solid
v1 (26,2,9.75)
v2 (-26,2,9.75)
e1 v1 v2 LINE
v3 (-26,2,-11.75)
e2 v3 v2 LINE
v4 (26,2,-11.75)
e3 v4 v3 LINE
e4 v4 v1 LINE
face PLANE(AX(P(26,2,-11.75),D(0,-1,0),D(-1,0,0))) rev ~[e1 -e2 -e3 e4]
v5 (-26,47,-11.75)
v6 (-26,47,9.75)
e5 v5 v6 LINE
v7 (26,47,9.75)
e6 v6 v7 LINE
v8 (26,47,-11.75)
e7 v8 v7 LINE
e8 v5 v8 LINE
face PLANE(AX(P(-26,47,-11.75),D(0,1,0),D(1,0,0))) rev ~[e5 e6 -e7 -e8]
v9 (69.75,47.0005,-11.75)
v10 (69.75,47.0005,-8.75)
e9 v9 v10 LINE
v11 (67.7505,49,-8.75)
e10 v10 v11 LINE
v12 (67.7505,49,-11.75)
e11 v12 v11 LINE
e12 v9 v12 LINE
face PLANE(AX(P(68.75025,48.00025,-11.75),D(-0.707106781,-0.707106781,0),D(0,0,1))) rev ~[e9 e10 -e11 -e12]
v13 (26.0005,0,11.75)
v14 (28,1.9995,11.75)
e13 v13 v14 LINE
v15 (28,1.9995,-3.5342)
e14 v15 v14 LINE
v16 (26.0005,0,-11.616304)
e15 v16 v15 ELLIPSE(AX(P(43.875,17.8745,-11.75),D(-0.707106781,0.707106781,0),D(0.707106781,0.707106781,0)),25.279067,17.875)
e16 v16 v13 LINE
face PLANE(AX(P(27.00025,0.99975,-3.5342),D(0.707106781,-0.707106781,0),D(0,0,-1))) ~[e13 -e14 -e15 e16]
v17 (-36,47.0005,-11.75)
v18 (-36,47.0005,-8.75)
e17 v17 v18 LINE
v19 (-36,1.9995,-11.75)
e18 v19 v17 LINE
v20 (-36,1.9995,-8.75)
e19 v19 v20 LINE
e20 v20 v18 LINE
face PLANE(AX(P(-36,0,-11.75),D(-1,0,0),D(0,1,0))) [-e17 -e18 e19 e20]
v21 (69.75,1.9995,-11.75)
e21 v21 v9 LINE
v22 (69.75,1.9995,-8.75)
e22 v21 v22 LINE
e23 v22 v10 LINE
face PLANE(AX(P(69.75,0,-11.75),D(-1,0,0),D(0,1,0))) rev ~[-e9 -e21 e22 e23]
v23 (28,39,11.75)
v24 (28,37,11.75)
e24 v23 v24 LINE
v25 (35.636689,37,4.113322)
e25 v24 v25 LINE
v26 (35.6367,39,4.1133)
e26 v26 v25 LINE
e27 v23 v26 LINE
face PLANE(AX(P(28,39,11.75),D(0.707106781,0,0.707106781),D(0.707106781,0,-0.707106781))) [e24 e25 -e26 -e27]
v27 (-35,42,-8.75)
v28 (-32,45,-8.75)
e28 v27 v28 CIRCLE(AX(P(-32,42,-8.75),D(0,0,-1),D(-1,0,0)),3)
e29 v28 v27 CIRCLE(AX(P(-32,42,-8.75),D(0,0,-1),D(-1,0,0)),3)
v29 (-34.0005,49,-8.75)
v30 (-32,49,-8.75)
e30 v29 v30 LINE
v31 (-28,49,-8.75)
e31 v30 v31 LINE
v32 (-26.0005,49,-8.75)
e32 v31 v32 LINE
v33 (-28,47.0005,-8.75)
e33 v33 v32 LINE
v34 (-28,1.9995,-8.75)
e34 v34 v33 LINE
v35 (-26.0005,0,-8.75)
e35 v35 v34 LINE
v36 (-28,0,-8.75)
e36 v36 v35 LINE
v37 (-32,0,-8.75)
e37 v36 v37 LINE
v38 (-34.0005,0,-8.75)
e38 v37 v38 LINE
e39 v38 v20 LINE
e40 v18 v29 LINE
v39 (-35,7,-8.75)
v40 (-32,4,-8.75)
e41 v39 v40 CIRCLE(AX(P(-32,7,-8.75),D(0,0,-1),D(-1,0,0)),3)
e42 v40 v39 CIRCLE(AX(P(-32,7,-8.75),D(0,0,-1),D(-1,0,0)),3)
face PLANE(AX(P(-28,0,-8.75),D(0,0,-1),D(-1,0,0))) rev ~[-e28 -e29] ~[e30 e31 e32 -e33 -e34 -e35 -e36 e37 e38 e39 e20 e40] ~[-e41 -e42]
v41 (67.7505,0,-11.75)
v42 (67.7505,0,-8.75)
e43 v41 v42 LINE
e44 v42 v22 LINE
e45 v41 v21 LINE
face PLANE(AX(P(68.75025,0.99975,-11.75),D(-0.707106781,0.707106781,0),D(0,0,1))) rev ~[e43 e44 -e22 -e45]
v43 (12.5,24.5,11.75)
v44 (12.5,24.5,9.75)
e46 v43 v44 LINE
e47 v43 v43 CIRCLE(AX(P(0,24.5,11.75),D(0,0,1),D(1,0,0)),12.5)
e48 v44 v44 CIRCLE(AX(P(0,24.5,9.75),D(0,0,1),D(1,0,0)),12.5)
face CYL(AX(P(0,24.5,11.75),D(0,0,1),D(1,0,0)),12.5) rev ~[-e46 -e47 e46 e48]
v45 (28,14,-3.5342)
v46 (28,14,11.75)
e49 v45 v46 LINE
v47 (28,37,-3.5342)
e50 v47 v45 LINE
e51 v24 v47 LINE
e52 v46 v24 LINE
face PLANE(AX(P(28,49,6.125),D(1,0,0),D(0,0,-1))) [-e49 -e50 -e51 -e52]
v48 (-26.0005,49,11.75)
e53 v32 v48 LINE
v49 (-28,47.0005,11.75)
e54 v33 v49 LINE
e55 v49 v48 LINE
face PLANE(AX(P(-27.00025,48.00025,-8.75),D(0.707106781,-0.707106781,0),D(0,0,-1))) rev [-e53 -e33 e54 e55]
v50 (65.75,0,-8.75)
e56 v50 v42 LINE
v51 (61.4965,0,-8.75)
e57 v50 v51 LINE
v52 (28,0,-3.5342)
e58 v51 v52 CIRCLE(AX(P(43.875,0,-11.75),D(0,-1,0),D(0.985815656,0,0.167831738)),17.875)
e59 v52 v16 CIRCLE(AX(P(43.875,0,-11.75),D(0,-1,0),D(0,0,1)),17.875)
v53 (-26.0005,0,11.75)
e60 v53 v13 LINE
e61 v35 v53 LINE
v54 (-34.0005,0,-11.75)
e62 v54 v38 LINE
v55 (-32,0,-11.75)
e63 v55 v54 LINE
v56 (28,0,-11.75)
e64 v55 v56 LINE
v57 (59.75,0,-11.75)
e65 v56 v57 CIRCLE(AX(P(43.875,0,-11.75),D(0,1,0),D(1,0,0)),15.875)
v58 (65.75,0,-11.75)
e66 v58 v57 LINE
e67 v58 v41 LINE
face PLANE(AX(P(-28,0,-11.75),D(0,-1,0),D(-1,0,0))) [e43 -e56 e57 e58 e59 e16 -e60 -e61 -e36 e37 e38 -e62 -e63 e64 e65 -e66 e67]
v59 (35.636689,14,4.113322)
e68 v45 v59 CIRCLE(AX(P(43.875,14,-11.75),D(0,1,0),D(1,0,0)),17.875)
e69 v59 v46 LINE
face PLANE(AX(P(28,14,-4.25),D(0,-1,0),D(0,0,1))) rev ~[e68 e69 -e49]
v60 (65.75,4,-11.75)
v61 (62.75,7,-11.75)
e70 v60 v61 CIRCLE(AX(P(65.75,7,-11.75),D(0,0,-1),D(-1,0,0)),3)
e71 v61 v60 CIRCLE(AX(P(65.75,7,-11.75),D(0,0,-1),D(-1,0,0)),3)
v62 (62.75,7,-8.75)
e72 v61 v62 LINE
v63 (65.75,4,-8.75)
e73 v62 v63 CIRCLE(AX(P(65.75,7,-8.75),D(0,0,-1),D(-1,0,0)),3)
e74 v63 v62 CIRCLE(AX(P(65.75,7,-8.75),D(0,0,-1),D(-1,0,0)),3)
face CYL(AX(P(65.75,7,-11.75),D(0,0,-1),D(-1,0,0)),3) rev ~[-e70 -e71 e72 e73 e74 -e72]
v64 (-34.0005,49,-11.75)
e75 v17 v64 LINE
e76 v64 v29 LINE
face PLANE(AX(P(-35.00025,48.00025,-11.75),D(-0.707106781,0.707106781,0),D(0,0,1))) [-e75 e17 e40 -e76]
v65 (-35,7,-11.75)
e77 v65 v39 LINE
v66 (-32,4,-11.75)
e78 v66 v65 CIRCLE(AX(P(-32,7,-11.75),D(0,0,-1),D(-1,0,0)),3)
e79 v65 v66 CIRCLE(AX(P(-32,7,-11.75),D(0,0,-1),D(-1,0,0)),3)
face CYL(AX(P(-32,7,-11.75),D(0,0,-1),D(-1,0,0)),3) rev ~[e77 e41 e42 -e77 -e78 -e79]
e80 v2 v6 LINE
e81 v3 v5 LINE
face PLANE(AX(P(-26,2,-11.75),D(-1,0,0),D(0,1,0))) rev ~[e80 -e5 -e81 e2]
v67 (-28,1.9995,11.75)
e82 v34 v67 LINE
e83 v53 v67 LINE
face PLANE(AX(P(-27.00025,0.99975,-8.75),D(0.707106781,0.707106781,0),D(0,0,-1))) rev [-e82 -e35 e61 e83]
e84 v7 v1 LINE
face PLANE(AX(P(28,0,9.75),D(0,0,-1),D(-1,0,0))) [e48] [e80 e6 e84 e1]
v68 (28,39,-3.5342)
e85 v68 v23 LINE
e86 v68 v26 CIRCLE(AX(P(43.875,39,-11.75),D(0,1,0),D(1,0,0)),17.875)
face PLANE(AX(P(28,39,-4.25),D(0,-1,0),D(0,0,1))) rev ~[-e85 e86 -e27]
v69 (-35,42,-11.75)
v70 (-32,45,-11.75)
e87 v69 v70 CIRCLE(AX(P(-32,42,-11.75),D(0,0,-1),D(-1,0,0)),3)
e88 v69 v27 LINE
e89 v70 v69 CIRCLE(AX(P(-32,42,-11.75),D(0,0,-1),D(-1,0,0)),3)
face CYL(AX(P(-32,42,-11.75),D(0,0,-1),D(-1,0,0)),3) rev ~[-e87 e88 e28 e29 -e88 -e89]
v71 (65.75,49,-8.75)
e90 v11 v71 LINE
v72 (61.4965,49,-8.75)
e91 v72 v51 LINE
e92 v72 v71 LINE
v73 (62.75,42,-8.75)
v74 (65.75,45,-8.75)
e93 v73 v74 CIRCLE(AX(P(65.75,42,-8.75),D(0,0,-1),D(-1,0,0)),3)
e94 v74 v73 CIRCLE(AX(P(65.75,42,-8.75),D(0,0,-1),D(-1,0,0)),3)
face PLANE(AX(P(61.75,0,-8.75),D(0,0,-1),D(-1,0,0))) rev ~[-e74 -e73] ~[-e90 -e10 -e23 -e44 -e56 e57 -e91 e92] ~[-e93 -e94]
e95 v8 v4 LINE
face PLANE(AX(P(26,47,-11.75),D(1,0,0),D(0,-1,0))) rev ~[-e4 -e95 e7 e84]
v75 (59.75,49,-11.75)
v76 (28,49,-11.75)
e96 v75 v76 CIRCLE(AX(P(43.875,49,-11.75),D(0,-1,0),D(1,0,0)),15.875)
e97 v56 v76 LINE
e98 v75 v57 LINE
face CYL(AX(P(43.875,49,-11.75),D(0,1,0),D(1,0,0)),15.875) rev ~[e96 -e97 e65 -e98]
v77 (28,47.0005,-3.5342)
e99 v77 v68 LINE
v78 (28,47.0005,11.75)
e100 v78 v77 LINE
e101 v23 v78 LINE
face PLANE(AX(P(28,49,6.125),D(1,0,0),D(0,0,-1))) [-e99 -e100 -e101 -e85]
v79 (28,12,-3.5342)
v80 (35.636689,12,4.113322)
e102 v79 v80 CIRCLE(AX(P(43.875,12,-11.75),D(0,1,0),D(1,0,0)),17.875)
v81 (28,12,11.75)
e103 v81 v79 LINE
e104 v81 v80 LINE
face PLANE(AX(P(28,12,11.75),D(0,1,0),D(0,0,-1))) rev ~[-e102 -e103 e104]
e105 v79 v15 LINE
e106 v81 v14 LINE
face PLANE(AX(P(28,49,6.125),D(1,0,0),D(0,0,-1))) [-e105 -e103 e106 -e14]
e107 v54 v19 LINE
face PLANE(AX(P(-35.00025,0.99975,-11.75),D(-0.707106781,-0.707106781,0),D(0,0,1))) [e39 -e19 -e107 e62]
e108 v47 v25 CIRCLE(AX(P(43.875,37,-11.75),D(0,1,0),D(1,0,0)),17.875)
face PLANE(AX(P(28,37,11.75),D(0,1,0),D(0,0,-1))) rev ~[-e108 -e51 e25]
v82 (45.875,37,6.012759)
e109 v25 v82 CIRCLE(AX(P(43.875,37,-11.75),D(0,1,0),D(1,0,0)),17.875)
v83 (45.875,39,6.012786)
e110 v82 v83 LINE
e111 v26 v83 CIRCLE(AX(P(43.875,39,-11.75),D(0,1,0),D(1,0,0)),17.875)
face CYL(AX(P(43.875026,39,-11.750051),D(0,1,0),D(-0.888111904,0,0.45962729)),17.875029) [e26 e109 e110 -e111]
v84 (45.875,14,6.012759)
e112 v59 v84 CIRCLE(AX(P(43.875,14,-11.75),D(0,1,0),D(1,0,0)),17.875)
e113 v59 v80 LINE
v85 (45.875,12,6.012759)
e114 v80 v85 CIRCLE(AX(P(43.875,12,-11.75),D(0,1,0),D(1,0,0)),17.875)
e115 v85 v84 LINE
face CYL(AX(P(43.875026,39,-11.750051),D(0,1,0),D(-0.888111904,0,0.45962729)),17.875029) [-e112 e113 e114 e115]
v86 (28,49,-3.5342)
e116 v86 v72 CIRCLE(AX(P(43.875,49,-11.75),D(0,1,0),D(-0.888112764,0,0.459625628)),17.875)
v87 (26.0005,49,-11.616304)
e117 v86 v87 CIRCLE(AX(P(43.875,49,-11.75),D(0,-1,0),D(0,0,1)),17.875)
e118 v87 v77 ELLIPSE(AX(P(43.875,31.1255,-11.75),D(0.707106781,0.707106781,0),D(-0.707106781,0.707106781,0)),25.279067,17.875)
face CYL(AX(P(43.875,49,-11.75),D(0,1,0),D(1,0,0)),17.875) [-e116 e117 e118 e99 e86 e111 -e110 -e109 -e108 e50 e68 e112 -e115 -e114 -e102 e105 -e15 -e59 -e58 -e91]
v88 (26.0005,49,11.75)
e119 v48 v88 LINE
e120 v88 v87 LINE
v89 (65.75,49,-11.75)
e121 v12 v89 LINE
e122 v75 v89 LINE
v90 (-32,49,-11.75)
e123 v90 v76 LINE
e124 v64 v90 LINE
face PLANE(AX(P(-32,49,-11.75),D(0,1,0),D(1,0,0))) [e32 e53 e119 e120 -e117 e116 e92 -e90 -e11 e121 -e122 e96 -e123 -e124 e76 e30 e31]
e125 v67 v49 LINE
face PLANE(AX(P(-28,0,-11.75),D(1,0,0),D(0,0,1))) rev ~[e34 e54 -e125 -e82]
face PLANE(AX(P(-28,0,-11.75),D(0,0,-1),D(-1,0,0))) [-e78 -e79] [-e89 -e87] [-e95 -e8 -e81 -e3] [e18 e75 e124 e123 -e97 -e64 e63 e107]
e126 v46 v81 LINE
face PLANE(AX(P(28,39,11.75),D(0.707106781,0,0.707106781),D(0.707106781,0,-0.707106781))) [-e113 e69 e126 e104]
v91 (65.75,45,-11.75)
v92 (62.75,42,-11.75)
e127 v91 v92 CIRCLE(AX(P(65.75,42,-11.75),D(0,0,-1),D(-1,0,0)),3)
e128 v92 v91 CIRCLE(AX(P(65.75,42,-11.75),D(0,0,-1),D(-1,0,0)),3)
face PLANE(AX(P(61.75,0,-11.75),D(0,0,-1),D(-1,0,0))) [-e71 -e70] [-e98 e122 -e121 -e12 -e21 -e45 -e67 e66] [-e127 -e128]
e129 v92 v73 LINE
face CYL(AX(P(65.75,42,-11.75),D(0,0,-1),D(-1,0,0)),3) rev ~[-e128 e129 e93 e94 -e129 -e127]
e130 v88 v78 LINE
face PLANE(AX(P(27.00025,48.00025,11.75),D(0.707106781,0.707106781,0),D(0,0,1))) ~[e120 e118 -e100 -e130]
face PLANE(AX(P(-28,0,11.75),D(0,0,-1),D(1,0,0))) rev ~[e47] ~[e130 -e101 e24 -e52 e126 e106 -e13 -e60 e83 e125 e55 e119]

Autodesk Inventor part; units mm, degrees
ref_plane "YZ Plane" through (0, 0, 0) normal (1, 0, 0) x (0, 1, 0)
ref_plane "XZ Plane" through (0, 0, 0) normal (0, 1, 0) x (-1, 0, 0)
ref_plane "XY Plane" through (0, 0, 0) normal (0, 0, 1) x (1, 0, 0)
sketch "Esboço1" plane through (0, 0, 0) normal (0, 1, 0) x (-1, 0, 0)
  line L0 (-28, -11.75) -> (28, -11.75)
  line L1 (28, -11.75) -> (28, 11.75)
  line L2 (28, 11.75) -> (-28, 11.75)
  line L3 (-28, 11.75) -> (-28, -11.75)
  line L4 (-28, -11.75) -> (28, 11.75) construction
  line L5 (28, -11.75) -> (-28, 11.75) construction
  point P0 (0, 0)
  dimension "d0" = 56
  dimension "d1" = 23.5
extrude "Extrusão1" add sketch "Esboço1" along normal blind 49
sketch "Esboço2" plane through (28, 0, -11.75) normal (0, 0, -1) x (-1, 0, 0)
  line L0 (0, 49) -> (56, 49) projected
  line L1 (0, 49) -> (-33.75, 49)
  line L2 (-33.75, 49) -> (-33.75, 0)
  line L3 (0, 0) -> (56, 0) projected
  line L4 (-33.75, 0) -> (0, 0)
  line L5 (0, 0) -> (0, 49)
  point P0 (28, 0)
  dimension "d4" = 33.75
extrude "Extrusão2" add sketch "Esboço2" against normal blind 17.875
sketch "Esboço3" plane through (0, 49, 0) normal (0, 1, 0) x (1, 0, 0)
  line L0 (-28, 11.75) -> (61.75, 11.75) projected
  line L1 (61.75, 11.75) -> (59.75, 11.75)
  line L2 (59.75, 11.75) -> (43.875, 11.75)
  circle A0 centre (43.875, 11.75) radius 15.875
  point P0 (0, 0)
  dimension "d7" = 2
  dimension "d8" = 15.875
extrude "Extrusão3" cut sketch "Esboço3" against normal blind 49
sketch "Esboço4" plane through (61.75, 0, -11.75) normal (0, 0, -1) x (-1, 0, 0)
  line L0 (0, 49) -> (33.75, 49) projected
  line L1 (33.75, 0) -> (0, 0) projected
  line L2 (0, 49) -> (0, 0)
  line L3 (0, 0) -> (-8, 0)
  line L4 (-8, 0) -> (-8, 49)
  line L5 (-8, 49) -> (0, 49)
  line L6 (-4, 0) -> (-4, 7)
  line L7 (-4, 49) -> (-4, 42)
  circle A0 centre (-4, 42) radius 3
  circle A1 centre (-4, 7) radius 3
  point P0 (61.75, 0)
  dimension "d11" = 8
  dimension "d12" = 7
  dimension "d13" = 7
  dimension "d14" = 6
  dimension "d15" = 6
extrude "Extrusão4" add sketch "Esboço4" against normal blind 3
sketch "Esboço5" plane through (0, 49, 0) normal (0, 1, 0) x (1, 0, 0)
  arc A0 (28, 11.75) -> (59.75, 11.75) centre (43.875, 11.75) ccw projected
  circle A1 centre (43.875, 11.75) radius 17.875
  line L0 (61.75, -6.125) -> (28, -6.125) projected
  line L1 (69.75, 8.75) -> (61.75, 8.75) projected
  line L2 (61.75, 8.75) -> (61.4965, 8.75)
  line L3 (61.75, 8.75) -> (61.75, -6.125)
  line L4 (43.875, -6.125) -> (61.75, -6.125)
  line L5 (28, -11.75) -> (28, -6.125) projected
  line L6 (43.875, -6.125) -> (28, -6.125)
  line L7 (28, -6.125) -> (28, 3.5342)
  point P0 (0, 0)
extrude "Extrusão5" cut sketch "Esboço5" against normal blind 49 contours A1 L0 L7 | L2 L3 L0 A1
sketch "Esboço6" plane through (-28, 0, -11.75) normal (0, 0, -1) x (-1, 0, 0)
  line L0 (0, 0) -> (0, 49) projected
  line L1 (0, 49) -> (0, 0)
  line L2 (0, 0) -> (8, 0)
  line L3 (8, 0) -> (8, 49)
  line L4 (8, 49) -> (0, 49)
  line L5 (4, 49) -> (4, 42)
  line L6 (4, 0) -> (4, 7)
  circle A0 centre (4, 7) radius 3
  circle A1 centre (4, 42) radius 3
  point P0 (-28, 0)
  dimension "d20" = 8
  dimension "d21" = 7
  dimension "d22" = 7
  dimension "d23" = 6
  dimension "d24" = 6
extrude "Extrusão6" add sketch "Esboço6" against normal blind 3
sketch "Esboço8" plane through (28, 0, -11.75) normal (0, 0, -1) x (-1, 0, 0)
  line L0 (0, 49) -> (0, 0) projected
  line L1 (0, 49) -> (0, 47)
  line L2 (0, 47) -> (2, 47)
  line L3 (2, 47) -> (2, 2)
  line L4 (2, 47) -> (47, 47) construction
  line L5 (2, 2) -> (54, 2)
  line L6 (2, 2) -> (54, 2) construction
  line L7 (54, 2) -> (54, 47)
  line L8 (54, 47) -> (2, 47)
  point P0 (28, 0)
  dimension "d27" = 2
  dimension "d28" = 2
  dimension "d29" = 45
  dimension "d30" = 90
  dimension "d31" = 52
  dimension "d32" = 0
extrude "Extrusão7" cut sketch "Esboço8" against normal blind 21.5
sketch "Esboço9" plane through (-28, 0, 11.75) normal (0, 0, 1) x (1, 0, 0)
  circle A0 centre (28, 24.5) radius 12.5
  point P0 (28, 0)
  dimension "d35" = 25
extrude "Extrusão8" cut sketch "Esboço9" against normal blind 2
sketch "Esboço10" plane through (28, 0, 11.75) normal (1, 0, 0) x (0, 0, -1)
  line L0 (0, 0) -> (0, 49) projected
  line L1 (0, 49) -> (0, 37)
  line L2 (0, 0) -> (0, 12)
  line L3 (0, 12) -> (16, 12)
  line L4 (16, 12) -> (16, 14)
  line L5 (16, 14) -> (0, 14)
  line L6 (0, 12) -> (0, 14)
  line L7 (0, 37) -> (16, 37)
  line L8 (16, 37) -> (16, 39)
  line L9 (16, 39) -> (0, 39)
  point P0 (11.75, 0)
  dimension "d38" = 12
  dimension "d41" = 12
  dimension "d42" = 16
  dimension "d43" = 2
  dimension "d44" = 16
  dimension "d45" = 2
extrude "Extrusão9" add sketch "Esboço10" along normal blind 17.875
sketch "Esboço11" plane through (28, 39, 11.75) normal (0, 1, 0) x (1, 0, 0)
  arc A0 (0, 15.2842) -> (33.4965, 20.5) centre (15.875, 23.5) ccw projected
  arc A1 (0, 23.5) -> (31.75, 23.5) centre (15.875, 23.5) ccw projected
  line L0 (17.875, 0) -> (17.875, 5.7372) projected
  line L1 (17.875, 5.7372) -> (17.875, 0)
  line L2 (0, 0) -> (17.875, 0) projected
  line L3 (17.875, 0) -> (0, 0)
  line L4 (0, 0) -> (7.6367, 7.6367)
  arc A2 (0, 15.2842) -> (17.875, 5.7372) centre (15.875, 23.5) ccw projected
  arc A3 (7.6367, 7.6367) -> (17.875, 5.7372) centre (15.875, 23.5) ccw
  line L5 (1.8834, 16) -> (17.875, 16) projected
  line L6 (1.8834, 16) -> (17.875, 16)
  line L7 (17.875, 16) -> (17.875, 7.7515) projected
  line L8 (17.875, 16) -> (17.875, 7.7515)
  arc A4 (1.8834, 16) -> (17.875, 7.7515) centre (15.875, 23.5) ccw
  point P0 (-28, 11.75)
  dimension "d48" = 45
extrude "Extrusão10" cut sketch "Esboço11" against normal blind 27.875
chamfer "Chanfro1" distance 2 angle 45 8 edges at (28, 49, 4.1079) (28, 0, 4.1079) (-28, 0, 1.5) (-28, 49, 1.5) (69.75, 49, -10.25) (69.75, 0, -10.25) (-36, 49, -10.25) (-36, 0, -10.25)
properties part number "KS  Dianteiro Front"
